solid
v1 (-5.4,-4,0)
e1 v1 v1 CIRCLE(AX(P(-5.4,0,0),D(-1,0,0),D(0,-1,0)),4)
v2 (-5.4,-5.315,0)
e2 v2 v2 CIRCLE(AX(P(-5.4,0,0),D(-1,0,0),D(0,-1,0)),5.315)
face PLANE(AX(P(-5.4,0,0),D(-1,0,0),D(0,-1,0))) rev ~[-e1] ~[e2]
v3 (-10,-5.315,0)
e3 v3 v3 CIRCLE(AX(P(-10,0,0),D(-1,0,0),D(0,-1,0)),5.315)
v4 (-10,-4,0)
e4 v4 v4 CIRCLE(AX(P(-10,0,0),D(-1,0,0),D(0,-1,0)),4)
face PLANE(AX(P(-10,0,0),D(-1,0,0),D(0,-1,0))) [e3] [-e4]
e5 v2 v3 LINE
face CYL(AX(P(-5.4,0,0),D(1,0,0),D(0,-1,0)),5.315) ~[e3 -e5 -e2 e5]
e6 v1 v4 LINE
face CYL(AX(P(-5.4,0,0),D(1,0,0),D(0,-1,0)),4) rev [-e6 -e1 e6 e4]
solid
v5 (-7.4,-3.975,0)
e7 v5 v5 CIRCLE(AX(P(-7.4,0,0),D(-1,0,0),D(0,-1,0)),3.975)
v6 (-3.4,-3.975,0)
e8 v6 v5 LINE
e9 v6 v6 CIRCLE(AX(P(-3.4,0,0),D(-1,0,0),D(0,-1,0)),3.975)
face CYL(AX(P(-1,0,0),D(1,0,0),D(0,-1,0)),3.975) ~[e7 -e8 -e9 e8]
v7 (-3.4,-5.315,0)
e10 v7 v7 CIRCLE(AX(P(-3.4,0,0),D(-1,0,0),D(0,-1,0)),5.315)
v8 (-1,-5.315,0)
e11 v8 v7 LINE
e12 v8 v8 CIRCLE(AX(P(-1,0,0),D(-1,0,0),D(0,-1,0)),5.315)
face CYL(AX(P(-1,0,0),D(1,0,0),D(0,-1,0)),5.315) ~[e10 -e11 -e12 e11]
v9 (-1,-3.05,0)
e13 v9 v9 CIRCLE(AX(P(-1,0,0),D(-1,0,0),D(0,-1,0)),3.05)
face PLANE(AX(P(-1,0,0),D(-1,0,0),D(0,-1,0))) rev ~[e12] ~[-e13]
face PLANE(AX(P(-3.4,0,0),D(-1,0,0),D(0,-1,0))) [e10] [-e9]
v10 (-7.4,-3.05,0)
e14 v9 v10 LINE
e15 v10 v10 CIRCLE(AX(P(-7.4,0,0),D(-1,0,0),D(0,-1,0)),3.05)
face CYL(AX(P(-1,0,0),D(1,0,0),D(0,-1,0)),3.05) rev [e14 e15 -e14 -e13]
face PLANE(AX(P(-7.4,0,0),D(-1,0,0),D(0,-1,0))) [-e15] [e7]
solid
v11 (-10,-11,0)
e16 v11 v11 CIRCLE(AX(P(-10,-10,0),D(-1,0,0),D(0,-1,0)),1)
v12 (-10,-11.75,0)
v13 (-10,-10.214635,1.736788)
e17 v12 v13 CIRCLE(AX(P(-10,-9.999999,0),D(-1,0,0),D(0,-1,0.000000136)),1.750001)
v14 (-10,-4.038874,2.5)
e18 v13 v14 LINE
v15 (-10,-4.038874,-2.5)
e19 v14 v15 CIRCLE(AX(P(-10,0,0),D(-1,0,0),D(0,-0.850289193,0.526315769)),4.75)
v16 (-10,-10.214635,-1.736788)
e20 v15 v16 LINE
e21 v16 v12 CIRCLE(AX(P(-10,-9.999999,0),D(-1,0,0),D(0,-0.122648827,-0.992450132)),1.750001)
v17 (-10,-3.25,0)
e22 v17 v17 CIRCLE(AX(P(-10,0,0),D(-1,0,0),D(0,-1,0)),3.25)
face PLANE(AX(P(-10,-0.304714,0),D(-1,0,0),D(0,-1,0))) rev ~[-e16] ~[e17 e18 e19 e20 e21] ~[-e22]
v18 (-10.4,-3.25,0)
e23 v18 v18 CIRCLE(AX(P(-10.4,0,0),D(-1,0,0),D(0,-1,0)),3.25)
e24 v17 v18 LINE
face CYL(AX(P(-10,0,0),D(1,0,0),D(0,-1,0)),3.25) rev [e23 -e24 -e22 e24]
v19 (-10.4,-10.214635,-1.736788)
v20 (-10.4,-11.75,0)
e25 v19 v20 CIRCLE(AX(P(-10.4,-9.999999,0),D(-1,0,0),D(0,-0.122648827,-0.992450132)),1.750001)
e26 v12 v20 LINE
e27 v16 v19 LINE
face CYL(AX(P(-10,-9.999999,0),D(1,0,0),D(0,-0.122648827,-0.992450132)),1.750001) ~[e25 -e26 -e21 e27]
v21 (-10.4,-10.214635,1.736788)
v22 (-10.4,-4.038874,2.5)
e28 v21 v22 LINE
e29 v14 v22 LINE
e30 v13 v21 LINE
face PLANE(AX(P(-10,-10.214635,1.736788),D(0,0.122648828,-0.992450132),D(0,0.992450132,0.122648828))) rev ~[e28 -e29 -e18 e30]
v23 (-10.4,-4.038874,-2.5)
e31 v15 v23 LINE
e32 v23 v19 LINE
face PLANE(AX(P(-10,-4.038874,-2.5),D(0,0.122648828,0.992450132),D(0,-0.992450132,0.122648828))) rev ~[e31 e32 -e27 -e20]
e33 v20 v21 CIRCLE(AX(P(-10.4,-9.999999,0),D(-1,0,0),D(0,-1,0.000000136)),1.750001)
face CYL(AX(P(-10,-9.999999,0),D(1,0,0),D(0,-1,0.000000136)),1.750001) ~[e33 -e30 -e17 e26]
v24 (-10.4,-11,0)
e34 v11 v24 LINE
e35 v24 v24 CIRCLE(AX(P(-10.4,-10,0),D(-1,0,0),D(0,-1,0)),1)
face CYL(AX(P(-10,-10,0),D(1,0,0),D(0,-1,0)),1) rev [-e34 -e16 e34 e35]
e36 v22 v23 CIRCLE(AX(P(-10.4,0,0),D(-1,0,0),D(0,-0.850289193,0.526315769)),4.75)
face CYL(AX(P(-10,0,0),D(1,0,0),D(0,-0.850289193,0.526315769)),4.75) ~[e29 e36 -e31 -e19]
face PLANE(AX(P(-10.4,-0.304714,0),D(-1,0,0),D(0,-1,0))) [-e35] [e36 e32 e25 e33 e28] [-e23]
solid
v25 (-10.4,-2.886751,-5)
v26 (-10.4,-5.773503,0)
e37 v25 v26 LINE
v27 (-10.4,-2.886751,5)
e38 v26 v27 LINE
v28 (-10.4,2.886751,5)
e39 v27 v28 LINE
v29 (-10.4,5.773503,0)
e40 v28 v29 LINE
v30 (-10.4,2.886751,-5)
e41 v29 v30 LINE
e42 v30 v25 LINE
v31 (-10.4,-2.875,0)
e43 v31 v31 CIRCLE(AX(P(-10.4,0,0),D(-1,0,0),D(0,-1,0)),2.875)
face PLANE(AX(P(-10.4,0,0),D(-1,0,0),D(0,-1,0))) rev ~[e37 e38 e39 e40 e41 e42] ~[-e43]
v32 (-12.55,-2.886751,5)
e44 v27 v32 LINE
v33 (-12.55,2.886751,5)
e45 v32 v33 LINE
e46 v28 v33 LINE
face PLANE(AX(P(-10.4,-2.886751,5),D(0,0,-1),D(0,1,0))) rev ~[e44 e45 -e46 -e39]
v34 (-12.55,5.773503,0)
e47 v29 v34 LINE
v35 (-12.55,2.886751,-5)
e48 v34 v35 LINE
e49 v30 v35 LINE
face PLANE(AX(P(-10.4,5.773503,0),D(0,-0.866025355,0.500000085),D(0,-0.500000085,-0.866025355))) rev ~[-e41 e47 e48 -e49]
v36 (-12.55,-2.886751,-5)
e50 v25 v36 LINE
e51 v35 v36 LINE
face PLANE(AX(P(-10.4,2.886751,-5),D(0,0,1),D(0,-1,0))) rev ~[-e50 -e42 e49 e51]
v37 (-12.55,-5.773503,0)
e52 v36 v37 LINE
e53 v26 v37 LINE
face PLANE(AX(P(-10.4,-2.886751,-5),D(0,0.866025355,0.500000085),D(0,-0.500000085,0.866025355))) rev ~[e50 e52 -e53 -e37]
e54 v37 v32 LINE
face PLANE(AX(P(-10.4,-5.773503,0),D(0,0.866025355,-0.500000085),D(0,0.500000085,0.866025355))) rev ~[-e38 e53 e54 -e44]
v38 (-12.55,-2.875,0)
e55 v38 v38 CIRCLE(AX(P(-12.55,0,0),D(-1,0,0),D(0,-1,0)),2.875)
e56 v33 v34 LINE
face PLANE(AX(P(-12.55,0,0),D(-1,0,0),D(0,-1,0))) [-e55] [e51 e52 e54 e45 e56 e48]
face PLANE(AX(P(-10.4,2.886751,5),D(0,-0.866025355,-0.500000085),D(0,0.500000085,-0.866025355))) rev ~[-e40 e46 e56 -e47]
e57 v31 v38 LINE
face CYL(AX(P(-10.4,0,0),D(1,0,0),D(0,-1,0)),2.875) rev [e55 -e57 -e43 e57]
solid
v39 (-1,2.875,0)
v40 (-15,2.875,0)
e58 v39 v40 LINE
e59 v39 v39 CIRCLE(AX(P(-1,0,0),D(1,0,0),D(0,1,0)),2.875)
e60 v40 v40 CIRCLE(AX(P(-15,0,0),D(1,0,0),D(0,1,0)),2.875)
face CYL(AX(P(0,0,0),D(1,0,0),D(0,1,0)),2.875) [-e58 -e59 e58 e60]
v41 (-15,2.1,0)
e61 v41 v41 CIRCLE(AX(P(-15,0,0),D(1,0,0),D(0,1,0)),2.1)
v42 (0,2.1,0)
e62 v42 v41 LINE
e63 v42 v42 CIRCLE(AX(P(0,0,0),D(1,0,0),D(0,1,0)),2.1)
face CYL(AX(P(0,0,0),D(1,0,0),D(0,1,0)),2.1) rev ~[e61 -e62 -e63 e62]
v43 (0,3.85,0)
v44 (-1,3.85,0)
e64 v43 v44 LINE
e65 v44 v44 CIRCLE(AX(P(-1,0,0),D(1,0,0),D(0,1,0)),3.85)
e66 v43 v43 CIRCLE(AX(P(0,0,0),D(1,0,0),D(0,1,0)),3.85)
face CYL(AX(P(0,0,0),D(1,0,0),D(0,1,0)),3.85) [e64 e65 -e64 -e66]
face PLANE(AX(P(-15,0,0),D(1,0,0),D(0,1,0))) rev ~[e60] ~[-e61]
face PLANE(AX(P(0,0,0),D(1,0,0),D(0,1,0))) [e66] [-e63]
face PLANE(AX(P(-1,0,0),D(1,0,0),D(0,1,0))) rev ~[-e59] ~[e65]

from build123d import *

# Parameters (mm, degrees)
F0_R      = 2.875
F0_R_2    = 2.1
F1_DEPTH  = 15
F0_R_3    = 3.85
F2_DEPTH  = 1
F3_R      = 3.975
F3_R_2    = 3.85
F3_R_3    = 3.05
F4_DEPTH  = 6.4
F3_R_4    = 5.315
F5_DEPTH  = 2.4
F7_R      = 5.315
F7_R_2    = 4
F8_DEPTH  = 4.6
F9_R      = 3.25
F9_R_2    = 1
F10_DEPTH = 0.4
F11_R     = 2.875
F12_DEPTH = 2.15


with BuildPart() as f1:
    # F0 (on Right) → F1 (new body)
    with BuildSketch(Plane.YZ):
        Circle(F0_R)
        Circle(F0_R_2, mode=Mode.SUBTRACT)
    extrude(amount=-F1_DEPTH)

    # F0 (on Right) → F2 (join)
    with BuildSketch(Plane.YZ):
        Circle(F0_R_3)
        Circle(F0_R, mode=Mode.SUBTRACT)
    extrude(amount=-F2_DEPTH)


with BuildPart() as f4:
    # F3 (on face) → F4 (new body)
    with BuildSketch(Plane(origin=(-1, 0, 0), x_dir=(0, -1, 0), z_dir=(-1, 0, 0))):
        Circle(F3_R)
        Circle(F3_R_2, mode=Mode.SUBTRACT)
        Circle(F3_R_2)
        Circle(F3_R_3, mode=Mode.SUBTRACT)
    extrude(amount=F4_DEPTH)

    # F3 (on face) → F5 (join)
    with BuildSketch(Plane(origin=(-1, 0, 0), x_dir=(0, -1, 0), z_dir=(-1, 0, 0))):
        Circle(F3_R_4)
        Circle(F3_R, mode=Mode.SUBTRACT)
    extrude(amount=F5_DEPTH)


with BuildPart() as f8:
    # F7 (on offset) → F8 (new body)
    with BuildSketch(Plane(origin=(-5.4, 0, 0), x_dir=(0, -1, 0), z_dir=(-1, 0, 0))):
        Circle(F7_R)
        Circle(F7_R_2, mode=Mode.SUBTRACT)
    extrude(amount=F8_DEPTH)


with BuildPart() as f10:
    # F9 (on face) → F10 (new body)
    with BuildSketch(Plane(origin=(-10, 0, 0), x_dir=(0, -1, 0), z_dir=(-1, 0, 0))):
        with BuildLine():
            ThreePointArc((4.038874, -2.5), (4.568761, -1.299587), (4.75, 0))
            ThreePointArc((4.75, 0), (4.568761, 1.299587), (4.038874, 2.5))
            ThreePointArc((4.038874, 2.5), (-4.75, 0), (4.038874, -2.5))
        make_face()
        Circle(F9_R, mode=Mode.SUBTRACT)
        with BuildLine():
            ThreePointArc((4.038874, 2.5), (4.568761, 1.299587), (4.75, 0))
            ThreePointArc((4.75, 0), (4.568761, -1.299587), (4.038874, -2.5))
            Line((4.038874, -2.5), (10.214635, -1.736788))
            ThreePointArc((10.214635, -1.736788), (8.25, 0), (10.214635, 1.736788))
            Line((10.214635, 1.736788), (4.038874, 2.5))
        make_face()
        with BuildLine():
            ThreePointArc((11.75, 0), (11.311128, 1.15907), (10.214635, 1.736788))
            ThreePointArc((10.214635, 1.736788), (8.25, 0), (10.214635, -1.736788))
            ThreePointArc((10.214635, -1.736788), (11.311128, -1.15907), (11.75, 0))
        make_face()
        with Locations((10, 0)):
            Circle(F9_R_2, mode=Mode.SUBTRACT)
    extrude(amount=F10_DEPTH)


with BuildPart() as f12:
    # F11 (on face) → F12 (new body)
    with BuildSketch(Plane(origin=(-10.4, 0, 0), x_dir=(0, -1, 0), z_dir=(-1, 0, 0))):
        Polygon((5.773503, 0), (2.886751, 5), (-2.886751, 5), (-5.773503, 0), (-2.886751, -5), (2.886751, -5), align=None)
        Circle(F11_R, mode=Mode.SUBTRACT)
    extrude(amount=F12_DEPTH)


solid = Compound([f1.part, f4.part, f8.part, f10.part, f12.part])
